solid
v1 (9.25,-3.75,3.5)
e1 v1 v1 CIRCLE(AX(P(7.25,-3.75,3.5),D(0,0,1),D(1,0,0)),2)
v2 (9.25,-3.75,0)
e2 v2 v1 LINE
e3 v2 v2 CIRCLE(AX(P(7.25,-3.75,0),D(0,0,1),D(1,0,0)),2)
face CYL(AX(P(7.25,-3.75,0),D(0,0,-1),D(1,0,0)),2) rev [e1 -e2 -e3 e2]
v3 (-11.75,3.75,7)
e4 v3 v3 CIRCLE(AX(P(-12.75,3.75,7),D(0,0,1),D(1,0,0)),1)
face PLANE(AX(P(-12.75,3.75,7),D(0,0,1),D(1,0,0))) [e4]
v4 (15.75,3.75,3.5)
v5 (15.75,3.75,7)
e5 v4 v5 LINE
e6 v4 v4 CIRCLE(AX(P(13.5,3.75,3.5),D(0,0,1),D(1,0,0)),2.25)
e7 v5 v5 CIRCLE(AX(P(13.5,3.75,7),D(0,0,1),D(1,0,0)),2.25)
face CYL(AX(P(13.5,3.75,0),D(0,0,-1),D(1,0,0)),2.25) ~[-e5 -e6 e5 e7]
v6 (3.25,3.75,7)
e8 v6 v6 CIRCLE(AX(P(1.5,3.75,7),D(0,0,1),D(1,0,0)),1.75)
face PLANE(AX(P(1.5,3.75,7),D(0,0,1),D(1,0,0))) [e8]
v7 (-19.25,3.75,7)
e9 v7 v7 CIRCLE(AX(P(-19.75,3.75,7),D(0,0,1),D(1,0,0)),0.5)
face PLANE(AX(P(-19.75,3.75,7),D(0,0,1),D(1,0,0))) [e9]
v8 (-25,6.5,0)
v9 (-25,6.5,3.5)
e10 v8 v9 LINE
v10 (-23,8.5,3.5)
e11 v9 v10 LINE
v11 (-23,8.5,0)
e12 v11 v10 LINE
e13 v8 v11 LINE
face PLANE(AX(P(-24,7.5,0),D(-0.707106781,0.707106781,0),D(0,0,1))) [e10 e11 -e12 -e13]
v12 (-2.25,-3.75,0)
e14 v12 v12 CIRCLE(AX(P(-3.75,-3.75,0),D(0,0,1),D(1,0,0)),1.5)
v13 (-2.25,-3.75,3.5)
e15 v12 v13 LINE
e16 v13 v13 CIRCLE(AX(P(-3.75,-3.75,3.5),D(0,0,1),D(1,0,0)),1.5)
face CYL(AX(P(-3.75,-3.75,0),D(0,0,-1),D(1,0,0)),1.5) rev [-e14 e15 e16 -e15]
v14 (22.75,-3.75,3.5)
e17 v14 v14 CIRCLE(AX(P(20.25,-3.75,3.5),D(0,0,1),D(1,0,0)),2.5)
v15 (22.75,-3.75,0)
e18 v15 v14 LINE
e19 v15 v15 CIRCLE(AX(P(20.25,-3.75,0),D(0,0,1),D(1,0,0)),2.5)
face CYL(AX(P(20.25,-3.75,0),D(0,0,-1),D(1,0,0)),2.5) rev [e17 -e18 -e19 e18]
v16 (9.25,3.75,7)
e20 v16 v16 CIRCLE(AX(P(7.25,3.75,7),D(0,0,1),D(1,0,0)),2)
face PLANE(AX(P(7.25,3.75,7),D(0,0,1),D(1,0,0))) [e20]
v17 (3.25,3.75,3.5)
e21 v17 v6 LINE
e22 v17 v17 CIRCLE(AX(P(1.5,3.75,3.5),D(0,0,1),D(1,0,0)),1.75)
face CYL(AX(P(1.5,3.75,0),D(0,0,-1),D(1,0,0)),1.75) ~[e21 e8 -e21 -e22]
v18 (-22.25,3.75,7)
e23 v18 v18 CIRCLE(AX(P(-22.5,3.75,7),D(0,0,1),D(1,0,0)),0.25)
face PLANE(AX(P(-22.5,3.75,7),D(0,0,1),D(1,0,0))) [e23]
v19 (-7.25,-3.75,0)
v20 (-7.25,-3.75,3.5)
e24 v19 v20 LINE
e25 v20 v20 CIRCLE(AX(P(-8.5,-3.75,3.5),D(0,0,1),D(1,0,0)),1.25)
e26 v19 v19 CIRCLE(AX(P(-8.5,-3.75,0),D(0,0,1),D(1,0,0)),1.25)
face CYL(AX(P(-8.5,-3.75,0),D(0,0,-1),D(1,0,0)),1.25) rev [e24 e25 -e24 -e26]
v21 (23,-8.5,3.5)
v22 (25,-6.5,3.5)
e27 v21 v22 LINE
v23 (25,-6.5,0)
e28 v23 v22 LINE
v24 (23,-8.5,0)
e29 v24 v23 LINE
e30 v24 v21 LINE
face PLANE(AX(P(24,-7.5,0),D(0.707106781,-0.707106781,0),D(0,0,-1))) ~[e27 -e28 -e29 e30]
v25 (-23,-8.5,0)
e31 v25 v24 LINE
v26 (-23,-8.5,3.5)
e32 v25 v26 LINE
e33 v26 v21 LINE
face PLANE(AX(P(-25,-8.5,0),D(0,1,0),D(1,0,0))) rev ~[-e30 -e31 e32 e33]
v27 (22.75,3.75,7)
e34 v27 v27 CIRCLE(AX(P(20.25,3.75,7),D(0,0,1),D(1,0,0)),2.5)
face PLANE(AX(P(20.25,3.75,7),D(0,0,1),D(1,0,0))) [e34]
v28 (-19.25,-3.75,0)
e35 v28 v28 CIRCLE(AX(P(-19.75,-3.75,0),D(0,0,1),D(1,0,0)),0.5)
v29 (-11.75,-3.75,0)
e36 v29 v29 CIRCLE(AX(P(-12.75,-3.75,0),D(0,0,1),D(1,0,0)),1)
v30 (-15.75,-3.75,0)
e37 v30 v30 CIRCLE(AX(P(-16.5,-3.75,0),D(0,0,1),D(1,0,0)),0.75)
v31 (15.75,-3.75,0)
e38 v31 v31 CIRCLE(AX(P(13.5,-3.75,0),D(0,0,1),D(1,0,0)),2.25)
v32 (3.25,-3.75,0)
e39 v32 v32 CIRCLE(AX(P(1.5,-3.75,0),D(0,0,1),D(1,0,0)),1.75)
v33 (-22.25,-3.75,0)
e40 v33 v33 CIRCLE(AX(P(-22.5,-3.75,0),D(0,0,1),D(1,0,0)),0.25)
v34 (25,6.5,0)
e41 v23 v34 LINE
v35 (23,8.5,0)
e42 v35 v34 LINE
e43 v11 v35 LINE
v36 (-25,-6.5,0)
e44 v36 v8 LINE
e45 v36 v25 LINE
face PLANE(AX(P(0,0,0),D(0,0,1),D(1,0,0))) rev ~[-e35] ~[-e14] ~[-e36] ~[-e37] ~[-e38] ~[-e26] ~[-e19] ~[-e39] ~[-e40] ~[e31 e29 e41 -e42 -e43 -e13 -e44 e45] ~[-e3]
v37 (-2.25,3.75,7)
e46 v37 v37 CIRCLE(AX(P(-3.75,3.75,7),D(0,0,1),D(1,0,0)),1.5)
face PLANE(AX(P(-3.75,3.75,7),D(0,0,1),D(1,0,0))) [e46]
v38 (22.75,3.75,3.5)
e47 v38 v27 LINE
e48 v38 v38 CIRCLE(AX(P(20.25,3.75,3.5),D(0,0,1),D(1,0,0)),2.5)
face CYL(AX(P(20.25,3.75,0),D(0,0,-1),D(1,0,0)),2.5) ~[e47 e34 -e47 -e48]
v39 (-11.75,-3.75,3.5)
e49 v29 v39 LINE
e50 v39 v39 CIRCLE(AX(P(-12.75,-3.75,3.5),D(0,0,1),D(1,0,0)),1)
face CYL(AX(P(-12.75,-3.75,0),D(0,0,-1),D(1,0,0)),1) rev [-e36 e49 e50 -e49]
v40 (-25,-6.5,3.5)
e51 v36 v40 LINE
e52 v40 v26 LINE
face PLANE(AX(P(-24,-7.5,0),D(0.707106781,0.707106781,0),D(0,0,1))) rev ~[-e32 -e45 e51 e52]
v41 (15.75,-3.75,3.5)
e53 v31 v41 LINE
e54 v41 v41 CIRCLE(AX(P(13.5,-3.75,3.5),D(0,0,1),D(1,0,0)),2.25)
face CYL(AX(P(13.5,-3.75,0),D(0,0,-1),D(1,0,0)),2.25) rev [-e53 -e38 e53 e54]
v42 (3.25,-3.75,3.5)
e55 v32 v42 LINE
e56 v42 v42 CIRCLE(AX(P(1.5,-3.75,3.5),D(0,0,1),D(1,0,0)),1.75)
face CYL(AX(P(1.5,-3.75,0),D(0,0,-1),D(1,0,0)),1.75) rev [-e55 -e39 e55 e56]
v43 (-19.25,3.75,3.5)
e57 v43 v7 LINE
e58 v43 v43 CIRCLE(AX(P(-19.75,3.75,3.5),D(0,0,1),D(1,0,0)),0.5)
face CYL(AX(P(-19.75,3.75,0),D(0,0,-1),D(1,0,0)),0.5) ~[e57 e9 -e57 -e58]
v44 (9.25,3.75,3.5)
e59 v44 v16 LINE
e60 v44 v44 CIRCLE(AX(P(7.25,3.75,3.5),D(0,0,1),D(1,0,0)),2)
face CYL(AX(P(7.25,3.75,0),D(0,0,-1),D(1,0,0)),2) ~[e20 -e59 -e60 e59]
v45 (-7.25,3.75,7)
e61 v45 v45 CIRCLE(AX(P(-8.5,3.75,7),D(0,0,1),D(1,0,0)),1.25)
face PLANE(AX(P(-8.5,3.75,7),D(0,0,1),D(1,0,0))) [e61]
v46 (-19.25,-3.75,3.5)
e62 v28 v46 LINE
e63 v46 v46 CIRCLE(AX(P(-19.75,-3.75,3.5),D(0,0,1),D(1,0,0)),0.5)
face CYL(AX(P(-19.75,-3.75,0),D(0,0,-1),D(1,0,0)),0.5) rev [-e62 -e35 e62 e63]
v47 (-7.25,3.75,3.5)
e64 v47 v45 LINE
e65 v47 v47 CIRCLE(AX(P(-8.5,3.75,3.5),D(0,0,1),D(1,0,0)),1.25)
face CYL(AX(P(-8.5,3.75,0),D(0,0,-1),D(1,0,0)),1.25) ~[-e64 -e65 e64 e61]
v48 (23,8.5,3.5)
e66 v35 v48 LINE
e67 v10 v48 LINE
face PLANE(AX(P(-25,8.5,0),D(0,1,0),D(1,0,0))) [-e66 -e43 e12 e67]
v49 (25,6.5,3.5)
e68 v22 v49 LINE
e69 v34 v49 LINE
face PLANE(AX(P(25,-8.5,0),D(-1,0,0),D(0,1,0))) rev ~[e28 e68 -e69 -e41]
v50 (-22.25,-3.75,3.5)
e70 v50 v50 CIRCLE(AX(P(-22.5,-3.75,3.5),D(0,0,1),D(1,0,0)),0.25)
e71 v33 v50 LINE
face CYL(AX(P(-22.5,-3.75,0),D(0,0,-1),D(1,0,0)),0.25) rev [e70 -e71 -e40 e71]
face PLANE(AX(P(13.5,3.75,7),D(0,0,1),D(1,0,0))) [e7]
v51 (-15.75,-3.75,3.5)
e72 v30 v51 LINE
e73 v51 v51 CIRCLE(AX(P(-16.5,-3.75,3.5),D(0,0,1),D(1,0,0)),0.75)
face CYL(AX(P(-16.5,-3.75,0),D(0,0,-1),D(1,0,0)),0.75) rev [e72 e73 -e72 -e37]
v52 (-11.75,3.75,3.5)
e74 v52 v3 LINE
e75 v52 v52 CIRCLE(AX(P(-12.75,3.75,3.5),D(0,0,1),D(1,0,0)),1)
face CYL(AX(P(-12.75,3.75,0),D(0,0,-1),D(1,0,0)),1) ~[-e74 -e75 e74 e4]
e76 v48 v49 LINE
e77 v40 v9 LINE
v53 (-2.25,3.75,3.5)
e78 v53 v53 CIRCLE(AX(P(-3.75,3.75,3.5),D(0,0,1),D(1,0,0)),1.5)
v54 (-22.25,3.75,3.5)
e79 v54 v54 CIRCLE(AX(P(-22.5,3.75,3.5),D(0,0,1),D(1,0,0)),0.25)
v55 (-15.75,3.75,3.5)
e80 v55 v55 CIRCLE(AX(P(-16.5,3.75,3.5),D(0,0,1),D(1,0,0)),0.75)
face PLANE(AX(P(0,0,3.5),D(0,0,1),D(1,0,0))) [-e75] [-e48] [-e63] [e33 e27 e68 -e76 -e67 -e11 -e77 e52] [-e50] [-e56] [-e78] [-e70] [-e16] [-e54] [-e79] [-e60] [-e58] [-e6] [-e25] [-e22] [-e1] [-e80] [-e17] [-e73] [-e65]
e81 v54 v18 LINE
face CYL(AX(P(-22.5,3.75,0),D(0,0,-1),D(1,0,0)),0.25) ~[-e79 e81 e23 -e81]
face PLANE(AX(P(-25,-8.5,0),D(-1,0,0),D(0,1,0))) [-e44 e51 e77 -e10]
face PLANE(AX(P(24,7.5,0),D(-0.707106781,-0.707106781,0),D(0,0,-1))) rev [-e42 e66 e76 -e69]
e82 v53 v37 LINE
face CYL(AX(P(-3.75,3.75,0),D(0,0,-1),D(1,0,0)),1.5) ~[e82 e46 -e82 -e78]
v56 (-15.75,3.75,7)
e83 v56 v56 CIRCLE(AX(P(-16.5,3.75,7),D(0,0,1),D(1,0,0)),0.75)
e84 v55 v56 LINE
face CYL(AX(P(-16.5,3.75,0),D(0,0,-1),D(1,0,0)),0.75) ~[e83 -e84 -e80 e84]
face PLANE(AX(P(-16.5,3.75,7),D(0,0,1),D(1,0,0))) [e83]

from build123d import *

# Parameters (mm, degrees)
F0_W     = 50
F0_H     = 17
F0_R     = 0.25
F0_R_2   = 0.5
F0_R_3   = 0.75
F0_R_4   = 1
F0_R_5   = 1.25
F0_R_6   = 1.5
F0_R_7   = 1.75
F0_R_8   = 2
F0_R_9   = 2.25
F0_R_10  = 2.5
F1_DEPTH = 3.5
F2_DEPTH = 7
F3_SIZE  = 2


with BuildPart() as f1:
    # F0 (on Top) → F1 (new body)
    with BuildSketch(Plane.XY):
        Rectangle(F0_W, F0_H)
        with Locations((-22.5, -3.75)):
            Circle(F0_R, mode=Mode.SUBTRACT)
        with Locations((-19.75, -3.75)):
            Circle(F0_R_2, mode=Mode.SUBTRACT)
        with Locations((-16.5, -3.75)):
            Circle(F0_R_3, mode=Mode.SUBTRACT)
        with Locations((-12.75, -3.75)):
            Circle(F0_R_4, mode=Mode.SUBTRACT)
        with Locations((-8.5, -3.75)):
            Circle(F0_R_5, mode=Mode.SUBTRACT)
        with Locations((-3.75, -3.75)):
            Circle(F0_R_6, mode=Mode.SUBTRACT)
        with Locations((1.5, -3.75)):
            Circle(F0_R_7, mode=Mode.SUBTRACT)
        with Locations((7.25, -3.75)):
            Circle(F0_R_8, mode=Mode.SUBTRACT)
        with Locations((13.5, -3.75)):
            Circle(F0_R_9, mode=Mode.SUBTRACT)
        with Locations((20.25, -3.75)):
            Circle(F0_R_10, mode=Mode.SUBTRACT)
        with Locations((-22.5, 3.75)):
            Circle(F0_R, mode=Mode.SUBTRACT)
        with Locations((-19.75, 3.75)):
            Circle(F0_R_2, mode=Mode.SUBTRACT)
        with Locations((-16.5, 3.75)):
            Circle(F0_R_3, mode=Mode.SUBTRACT)
        with Locations((-12.75, 3.75)):
            Circle(F0_R_4, mode=Mode.SUBTRACT)
        with Locations((-8.5, 3.75)):
            Circle(F0_R_5, mode=Mode.SUBTRACT)
        with Locations((-3.75, 3.75)):
            Circle(F0_R_6, mode=Mode.SUBTRACT)
        with Locations((1.5, 3.75)):
            Circle(F0_R_7, mode=Mode.SUBTRACT)
        with Locations((7.25, 3.75)):
            Circle(F0_R_8, mode=Mode.SUBTRACT)
        with Locations((13.5, 3.75)):
            Circle(F0_R_9, mode=Mode.SUBTRACT)
        with Locations((20.25, 3.75)):
            Circle(F0_R_10, mode=Mode.SUBTRACT)
    extrude(amount=F1_DEPTH)

    # F0 (on Top) → F2 (join, through all)
    with BuildSketch(Plane.XY):
        with Locations((-22.5, 3.75)):
            Circle(F0_R)
        with Locations((-19.75, 3.75)):
            Circle(F0_R_2)
        with Locations((-16.5, 3.75)):
            Circle(F0_R_3)
        with Locations((-12.75, 3.75)):
            Circle(F0_R_4)
        with Locations((-8.5, 3.75)):
            Circle(F0_R_5)
        with Locations((-3.75, 3.75)):
            Circle(F0_R_6)
        with Locations((1.5, 3.75)):
            Circle(F0_R_7)
        with Locations((7.25, 3.75)):
            Circle(F0_R_8)
        with Locations((13.5, 3.75)):
            Circle(F0_R_9)
        with Locations((20.25, 3.75)):
            Circle(F0_R_10)
    extrude(amount=F2_DEPTH)

    # F3
    f3_edges = [f1.edges().sort_by_distance(p)[0] for p in [
        (-25, -8.5, 1.75),
        (-25, 8.5, 1.75),
        (25, -8.5, 1.75),
        (25, 8.5, 1.75),
    ]]
    chamfer(f3_edges, length=F3_SIZE)


solid = f1.part
